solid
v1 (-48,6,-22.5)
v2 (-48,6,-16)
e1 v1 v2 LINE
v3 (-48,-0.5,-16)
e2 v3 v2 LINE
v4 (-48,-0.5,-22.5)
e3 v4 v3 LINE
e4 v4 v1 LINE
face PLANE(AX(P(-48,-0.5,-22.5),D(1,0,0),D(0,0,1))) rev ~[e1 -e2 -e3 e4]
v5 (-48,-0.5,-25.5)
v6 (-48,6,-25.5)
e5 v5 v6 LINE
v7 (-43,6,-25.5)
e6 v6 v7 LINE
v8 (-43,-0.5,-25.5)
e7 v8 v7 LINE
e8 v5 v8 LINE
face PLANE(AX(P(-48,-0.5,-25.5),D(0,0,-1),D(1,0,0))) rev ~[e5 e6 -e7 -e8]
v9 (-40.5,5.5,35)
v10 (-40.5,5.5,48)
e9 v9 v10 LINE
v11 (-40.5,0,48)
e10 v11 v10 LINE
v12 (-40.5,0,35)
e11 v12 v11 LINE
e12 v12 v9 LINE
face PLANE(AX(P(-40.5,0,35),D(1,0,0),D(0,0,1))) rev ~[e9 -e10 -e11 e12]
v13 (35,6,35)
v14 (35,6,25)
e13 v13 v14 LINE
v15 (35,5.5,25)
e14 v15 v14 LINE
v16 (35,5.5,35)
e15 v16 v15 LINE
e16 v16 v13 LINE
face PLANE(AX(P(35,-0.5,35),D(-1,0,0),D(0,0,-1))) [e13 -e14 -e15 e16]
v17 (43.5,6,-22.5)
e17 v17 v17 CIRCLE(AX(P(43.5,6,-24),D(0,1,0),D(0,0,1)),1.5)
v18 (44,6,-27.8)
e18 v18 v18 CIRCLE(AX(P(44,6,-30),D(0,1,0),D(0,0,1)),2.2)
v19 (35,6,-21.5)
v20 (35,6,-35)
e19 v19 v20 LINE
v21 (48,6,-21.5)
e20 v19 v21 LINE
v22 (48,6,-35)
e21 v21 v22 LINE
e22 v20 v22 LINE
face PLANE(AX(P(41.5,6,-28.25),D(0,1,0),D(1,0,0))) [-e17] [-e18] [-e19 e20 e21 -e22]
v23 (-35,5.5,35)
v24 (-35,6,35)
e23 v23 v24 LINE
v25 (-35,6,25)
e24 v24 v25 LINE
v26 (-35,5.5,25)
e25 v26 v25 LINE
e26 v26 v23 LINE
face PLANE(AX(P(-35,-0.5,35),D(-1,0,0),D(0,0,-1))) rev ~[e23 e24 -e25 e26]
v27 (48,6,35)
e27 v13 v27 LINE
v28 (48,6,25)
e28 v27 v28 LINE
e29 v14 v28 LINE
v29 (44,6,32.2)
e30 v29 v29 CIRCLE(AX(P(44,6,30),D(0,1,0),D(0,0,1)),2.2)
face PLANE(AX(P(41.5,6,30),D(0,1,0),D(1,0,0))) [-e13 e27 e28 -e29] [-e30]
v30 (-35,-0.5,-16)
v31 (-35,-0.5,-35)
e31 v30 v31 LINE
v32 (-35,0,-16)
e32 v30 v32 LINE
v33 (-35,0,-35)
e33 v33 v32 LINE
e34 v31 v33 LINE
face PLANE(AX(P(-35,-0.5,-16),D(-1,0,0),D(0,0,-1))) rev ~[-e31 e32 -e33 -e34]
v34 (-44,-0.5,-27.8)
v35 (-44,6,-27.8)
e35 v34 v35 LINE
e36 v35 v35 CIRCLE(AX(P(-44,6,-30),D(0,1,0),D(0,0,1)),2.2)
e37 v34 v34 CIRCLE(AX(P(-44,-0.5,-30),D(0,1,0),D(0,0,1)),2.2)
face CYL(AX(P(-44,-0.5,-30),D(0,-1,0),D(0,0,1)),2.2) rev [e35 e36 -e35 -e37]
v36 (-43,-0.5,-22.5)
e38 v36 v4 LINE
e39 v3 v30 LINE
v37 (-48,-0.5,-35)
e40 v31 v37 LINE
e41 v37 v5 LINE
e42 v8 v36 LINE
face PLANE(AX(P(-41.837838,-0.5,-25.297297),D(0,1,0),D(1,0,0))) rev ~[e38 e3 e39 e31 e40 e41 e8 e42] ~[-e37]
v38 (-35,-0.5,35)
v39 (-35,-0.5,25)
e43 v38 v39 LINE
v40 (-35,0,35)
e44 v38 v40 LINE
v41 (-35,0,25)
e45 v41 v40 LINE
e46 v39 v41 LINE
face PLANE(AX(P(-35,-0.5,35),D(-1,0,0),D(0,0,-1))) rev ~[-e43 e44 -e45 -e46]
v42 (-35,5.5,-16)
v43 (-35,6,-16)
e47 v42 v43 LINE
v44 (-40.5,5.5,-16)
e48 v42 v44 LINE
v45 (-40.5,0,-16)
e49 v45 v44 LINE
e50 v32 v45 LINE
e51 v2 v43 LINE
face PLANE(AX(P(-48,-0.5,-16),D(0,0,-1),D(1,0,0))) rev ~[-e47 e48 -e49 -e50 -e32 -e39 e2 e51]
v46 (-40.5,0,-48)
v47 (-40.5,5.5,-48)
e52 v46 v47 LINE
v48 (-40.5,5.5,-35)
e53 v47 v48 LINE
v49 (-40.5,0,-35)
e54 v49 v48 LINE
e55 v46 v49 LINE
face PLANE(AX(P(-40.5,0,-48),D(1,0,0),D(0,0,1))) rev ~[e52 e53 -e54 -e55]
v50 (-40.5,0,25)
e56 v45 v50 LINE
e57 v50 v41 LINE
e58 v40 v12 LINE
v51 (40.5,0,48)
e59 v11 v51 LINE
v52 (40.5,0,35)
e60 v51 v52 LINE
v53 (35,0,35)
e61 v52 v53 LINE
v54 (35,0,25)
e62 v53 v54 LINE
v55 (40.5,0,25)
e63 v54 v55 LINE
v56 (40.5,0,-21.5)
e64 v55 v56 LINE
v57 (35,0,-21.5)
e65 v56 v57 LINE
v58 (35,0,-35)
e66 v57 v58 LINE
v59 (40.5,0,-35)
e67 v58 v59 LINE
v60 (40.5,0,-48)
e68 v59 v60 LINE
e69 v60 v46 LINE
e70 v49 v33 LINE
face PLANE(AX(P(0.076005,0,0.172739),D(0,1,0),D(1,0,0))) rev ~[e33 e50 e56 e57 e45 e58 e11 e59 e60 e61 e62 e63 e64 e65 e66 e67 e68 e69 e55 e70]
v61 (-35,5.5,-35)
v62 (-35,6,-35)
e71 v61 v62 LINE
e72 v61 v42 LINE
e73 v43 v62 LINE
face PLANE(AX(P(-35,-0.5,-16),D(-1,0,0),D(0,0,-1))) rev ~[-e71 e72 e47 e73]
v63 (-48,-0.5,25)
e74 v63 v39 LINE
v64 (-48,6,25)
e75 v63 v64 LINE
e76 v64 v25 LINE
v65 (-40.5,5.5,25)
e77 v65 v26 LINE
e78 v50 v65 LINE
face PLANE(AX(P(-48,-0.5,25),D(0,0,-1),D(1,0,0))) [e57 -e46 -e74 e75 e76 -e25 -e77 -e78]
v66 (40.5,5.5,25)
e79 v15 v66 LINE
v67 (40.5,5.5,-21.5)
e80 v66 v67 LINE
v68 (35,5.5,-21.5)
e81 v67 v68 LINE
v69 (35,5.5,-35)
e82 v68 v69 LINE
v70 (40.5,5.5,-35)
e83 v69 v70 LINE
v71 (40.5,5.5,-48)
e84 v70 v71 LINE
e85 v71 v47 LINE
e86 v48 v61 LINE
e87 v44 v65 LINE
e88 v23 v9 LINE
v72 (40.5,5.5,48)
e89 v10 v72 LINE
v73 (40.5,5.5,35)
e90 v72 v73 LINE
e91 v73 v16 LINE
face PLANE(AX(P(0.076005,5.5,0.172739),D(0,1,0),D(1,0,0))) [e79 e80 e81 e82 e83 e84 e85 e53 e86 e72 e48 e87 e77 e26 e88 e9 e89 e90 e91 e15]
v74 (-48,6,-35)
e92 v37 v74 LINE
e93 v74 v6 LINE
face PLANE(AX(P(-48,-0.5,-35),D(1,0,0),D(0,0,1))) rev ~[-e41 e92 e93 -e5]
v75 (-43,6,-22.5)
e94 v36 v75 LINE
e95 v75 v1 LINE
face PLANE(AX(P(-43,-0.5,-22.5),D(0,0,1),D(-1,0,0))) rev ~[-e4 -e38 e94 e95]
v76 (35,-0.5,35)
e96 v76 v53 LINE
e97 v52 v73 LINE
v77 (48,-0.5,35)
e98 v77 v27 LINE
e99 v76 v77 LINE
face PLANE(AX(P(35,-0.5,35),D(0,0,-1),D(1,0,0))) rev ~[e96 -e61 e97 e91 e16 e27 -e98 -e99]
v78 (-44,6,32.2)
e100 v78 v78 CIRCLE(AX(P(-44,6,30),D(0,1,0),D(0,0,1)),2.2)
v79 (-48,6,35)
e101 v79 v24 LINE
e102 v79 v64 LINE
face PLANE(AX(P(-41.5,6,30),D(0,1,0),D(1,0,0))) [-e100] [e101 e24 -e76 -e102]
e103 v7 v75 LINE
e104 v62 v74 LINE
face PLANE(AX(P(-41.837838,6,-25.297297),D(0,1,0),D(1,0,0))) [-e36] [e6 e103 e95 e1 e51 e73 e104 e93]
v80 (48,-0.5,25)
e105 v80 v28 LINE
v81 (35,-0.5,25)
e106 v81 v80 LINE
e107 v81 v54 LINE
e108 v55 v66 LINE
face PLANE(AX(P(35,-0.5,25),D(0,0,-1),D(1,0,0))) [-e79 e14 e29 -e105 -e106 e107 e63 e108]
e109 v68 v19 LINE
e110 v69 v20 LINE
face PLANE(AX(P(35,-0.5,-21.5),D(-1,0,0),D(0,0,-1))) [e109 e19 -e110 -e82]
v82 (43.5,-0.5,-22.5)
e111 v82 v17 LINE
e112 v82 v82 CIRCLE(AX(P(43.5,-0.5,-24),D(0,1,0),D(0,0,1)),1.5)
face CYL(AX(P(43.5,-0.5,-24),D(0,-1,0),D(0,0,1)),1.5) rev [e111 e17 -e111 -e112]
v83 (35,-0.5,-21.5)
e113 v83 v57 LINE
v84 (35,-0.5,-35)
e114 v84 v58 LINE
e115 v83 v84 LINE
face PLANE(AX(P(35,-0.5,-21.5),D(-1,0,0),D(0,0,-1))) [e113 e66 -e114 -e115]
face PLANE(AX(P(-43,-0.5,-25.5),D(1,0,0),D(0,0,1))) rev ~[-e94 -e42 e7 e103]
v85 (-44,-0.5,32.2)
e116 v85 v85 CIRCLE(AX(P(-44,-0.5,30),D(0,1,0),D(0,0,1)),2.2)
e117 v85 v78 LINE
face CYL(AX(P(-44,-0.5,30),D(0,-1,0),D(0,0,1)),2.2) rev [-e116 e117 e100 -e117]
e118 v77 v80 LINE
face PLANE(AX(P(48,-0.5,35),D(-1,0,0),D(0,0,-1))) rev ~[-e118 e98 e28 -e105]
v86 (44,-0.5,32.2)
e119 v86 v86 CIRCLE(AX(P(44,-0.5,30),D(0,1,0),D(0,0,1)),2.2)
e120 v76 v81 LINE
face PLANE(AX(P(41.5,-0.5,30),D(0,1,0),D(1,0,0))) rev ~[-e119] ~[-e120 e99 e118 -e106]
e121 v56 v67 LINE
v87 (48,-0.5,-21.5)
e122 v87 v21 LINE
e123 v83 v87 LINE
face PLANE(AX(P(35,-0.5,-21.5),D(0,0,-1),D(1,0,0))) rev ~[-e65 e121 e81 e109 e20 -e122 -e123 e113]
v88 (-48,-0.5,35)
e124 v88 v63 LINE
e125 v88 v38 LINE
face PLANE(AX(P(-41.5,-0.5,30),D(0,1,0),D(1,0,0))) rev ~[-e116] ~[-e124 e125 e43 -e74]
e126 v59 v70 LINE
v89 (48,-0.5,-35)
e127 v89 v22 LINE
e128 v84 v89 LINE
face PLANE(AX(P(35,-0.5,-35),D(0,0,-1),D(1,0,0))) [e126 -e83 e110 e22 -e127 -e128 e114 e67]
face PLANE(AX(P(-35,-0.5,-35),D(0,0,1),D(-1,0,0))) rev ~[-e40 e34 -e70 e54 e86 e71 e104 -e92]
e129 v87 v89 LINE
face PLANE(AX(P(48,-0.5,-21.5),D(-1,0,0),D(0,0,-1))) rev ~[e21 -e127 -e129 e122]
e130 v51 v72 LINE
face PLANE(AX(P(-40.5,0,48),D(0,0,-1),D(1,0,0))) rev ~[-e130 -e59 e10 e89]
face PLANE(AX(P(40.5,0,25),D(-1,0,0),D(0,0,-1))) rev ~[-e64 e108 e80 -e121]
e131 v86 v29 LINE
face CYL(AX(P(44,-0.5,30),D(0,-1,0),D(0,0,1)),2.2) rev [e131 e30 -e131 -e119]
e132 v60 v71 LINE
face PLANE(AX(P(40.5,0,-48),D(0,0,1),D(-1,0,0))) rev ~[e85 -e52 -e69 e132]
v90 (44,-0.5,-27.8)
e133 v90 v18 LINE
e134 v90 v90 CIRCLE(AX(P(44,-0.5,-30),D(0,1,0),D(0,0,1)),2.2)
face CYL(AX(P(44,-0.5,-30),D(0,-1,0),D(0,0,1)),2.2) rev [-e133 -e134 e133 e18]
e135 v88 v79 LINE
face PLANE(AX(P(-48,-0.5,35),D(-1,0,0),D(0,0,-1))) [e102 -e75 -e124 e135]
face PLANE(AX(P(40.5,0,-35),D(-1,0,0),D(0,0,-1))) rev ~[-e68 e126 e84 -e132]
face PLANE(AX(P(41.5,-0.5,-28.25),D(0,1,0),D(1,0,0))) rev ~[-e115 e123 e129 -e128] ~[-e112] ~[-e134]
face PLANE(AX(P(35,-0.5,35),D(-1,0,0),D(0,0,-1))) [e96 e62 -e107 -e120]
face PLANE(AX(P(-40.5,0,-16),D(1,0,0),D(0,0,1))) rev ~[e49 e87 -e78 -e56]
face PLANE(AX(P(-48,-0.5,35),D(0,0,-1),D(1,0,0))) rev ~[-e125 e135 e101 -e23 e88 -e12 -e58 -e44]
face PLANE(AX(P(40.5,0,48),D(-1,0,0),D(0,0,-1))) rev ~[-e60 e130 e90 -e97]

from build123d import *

# Parameters (mm, degrees)
EXTRUDE_3_DEPTH      = 5.5
EXTRUDE_4_DEPTH      = 6
EXTRUDE_4_DEPTH_BACK = 0.5
SKETCH_5_W           = 13
SKETCH_5_H           = 10
SKETCH_5_R           = 2.2
SKETCH_5_H_2         = 13.5
SKETCH_5_R_2         = 1.5


with BuildPart() as part:
    # Эскиз4 → Бобышка-Вытянуть3 (new body)
    with BuildSketch(Plane(origin=(0, 0, 0), x_dir=(1, 0, 0), z_dir=(0, 1, 0))):
        Polygon((-40.5, -48), (40.5, -48), (40.5, -35), (35, -35), (35, -25), (40.5, -25), (40.5, 21.5), (35, 21.5), (35, 35), (40.5, 35), (40.5, 48), (-40.5, 48), (-40.5, 35), (-35, 35), (-35, 16), (-40.5, 16), (-40.5, -25), (-35, -25), (-35, -35), (-40.5, -35), align=None)
    extrude(amount=EXTRUDE_3_DEPTH)

    # Эскиз5 → Бобышка-Вытянуть4 (add, two sides: drawn at the far end of the back side and taken through both)
    # profile 1 of 4: a face of its own
    with BuildSketch(Plane(origin=(0, 0, 0), x_dir=(1, 0, 0), z_dir=(0, 1, 0)).offset(-EXTRUDE_4_DEPTH_BACK)):
        with Locations((41.5, -30)):
            Rectangle(SKETCH_5_W, SKETCH_5_H)
        with Locations(Location((44, -30, 0), (0, 0, 270))):
            Circle(SKETCH_5_R, mode=Mode.SUBTRACT)
    # profile 2 of 4: a face of its own
    with BuildSketch(Plane(origin=(0, 0, 0), x_dir=(1, 0, 0), z_dir=(0, 1, 0)).offset(-EXTRUDE_4_DEPTH_BACK)):
        with Locations((-41.5, -30)):
            Rectangle(SKETCH_5_W, SKETCH_5_H)
        with Locations(Location((-44, -30, 0), (0, 0, 270))):
            Circle(SKETCH_5_R, mode=Mode.SUBTRACT)
    # profile 3 of 4: a face of its own
    with BuildSketch(Plane(origin=(0, 0, 0), x_dir=(1, 0, 0), z_dir=(0, 1, 0)).offset(-EXTRUDE_4_DEPTH_BACK)):
        with Locations((41.5, 28.25)):
            Rectangle(SKETCH_5_W, SKETCH_5_H_2)
        with Locations(Location((44, 30, 0), (0, 0, 270))):
            Circle(SKETCH_5_R, mode=Mode.SUBTRACT)
        with Locations(Location((43.5, 24, 0), (0, 0, 270))):
            Circle(SKETCH_5_R_2, mode=Mode.SUBTRACT)
    # profile 4 of 4: a face of its own
    with BuildSketch(Plane(origin=(0, 0, 0), x_dir=(1, 0, 0), z_dir=(0, 1, 0)).offset(-EXTRUDE_4_DEPTH_BACK)):
        Polygon((-48, 16), (-35, 16), (-35, 35), (-48, 35), (-48, 25.5), (-43, 25.5), (-43, 22.5), (-48, 22.5), align=None)
        with Locations(Location((-44, 30, 0), (0, 0, 270))):
            Circle(SKETCH_5_R, mode=Mode.SUBTRACT)
    extrude(amount=EXTRUDE_4_DEPTH + EXTRUDE_4_DEPTH_BACK)


solid = part.part
